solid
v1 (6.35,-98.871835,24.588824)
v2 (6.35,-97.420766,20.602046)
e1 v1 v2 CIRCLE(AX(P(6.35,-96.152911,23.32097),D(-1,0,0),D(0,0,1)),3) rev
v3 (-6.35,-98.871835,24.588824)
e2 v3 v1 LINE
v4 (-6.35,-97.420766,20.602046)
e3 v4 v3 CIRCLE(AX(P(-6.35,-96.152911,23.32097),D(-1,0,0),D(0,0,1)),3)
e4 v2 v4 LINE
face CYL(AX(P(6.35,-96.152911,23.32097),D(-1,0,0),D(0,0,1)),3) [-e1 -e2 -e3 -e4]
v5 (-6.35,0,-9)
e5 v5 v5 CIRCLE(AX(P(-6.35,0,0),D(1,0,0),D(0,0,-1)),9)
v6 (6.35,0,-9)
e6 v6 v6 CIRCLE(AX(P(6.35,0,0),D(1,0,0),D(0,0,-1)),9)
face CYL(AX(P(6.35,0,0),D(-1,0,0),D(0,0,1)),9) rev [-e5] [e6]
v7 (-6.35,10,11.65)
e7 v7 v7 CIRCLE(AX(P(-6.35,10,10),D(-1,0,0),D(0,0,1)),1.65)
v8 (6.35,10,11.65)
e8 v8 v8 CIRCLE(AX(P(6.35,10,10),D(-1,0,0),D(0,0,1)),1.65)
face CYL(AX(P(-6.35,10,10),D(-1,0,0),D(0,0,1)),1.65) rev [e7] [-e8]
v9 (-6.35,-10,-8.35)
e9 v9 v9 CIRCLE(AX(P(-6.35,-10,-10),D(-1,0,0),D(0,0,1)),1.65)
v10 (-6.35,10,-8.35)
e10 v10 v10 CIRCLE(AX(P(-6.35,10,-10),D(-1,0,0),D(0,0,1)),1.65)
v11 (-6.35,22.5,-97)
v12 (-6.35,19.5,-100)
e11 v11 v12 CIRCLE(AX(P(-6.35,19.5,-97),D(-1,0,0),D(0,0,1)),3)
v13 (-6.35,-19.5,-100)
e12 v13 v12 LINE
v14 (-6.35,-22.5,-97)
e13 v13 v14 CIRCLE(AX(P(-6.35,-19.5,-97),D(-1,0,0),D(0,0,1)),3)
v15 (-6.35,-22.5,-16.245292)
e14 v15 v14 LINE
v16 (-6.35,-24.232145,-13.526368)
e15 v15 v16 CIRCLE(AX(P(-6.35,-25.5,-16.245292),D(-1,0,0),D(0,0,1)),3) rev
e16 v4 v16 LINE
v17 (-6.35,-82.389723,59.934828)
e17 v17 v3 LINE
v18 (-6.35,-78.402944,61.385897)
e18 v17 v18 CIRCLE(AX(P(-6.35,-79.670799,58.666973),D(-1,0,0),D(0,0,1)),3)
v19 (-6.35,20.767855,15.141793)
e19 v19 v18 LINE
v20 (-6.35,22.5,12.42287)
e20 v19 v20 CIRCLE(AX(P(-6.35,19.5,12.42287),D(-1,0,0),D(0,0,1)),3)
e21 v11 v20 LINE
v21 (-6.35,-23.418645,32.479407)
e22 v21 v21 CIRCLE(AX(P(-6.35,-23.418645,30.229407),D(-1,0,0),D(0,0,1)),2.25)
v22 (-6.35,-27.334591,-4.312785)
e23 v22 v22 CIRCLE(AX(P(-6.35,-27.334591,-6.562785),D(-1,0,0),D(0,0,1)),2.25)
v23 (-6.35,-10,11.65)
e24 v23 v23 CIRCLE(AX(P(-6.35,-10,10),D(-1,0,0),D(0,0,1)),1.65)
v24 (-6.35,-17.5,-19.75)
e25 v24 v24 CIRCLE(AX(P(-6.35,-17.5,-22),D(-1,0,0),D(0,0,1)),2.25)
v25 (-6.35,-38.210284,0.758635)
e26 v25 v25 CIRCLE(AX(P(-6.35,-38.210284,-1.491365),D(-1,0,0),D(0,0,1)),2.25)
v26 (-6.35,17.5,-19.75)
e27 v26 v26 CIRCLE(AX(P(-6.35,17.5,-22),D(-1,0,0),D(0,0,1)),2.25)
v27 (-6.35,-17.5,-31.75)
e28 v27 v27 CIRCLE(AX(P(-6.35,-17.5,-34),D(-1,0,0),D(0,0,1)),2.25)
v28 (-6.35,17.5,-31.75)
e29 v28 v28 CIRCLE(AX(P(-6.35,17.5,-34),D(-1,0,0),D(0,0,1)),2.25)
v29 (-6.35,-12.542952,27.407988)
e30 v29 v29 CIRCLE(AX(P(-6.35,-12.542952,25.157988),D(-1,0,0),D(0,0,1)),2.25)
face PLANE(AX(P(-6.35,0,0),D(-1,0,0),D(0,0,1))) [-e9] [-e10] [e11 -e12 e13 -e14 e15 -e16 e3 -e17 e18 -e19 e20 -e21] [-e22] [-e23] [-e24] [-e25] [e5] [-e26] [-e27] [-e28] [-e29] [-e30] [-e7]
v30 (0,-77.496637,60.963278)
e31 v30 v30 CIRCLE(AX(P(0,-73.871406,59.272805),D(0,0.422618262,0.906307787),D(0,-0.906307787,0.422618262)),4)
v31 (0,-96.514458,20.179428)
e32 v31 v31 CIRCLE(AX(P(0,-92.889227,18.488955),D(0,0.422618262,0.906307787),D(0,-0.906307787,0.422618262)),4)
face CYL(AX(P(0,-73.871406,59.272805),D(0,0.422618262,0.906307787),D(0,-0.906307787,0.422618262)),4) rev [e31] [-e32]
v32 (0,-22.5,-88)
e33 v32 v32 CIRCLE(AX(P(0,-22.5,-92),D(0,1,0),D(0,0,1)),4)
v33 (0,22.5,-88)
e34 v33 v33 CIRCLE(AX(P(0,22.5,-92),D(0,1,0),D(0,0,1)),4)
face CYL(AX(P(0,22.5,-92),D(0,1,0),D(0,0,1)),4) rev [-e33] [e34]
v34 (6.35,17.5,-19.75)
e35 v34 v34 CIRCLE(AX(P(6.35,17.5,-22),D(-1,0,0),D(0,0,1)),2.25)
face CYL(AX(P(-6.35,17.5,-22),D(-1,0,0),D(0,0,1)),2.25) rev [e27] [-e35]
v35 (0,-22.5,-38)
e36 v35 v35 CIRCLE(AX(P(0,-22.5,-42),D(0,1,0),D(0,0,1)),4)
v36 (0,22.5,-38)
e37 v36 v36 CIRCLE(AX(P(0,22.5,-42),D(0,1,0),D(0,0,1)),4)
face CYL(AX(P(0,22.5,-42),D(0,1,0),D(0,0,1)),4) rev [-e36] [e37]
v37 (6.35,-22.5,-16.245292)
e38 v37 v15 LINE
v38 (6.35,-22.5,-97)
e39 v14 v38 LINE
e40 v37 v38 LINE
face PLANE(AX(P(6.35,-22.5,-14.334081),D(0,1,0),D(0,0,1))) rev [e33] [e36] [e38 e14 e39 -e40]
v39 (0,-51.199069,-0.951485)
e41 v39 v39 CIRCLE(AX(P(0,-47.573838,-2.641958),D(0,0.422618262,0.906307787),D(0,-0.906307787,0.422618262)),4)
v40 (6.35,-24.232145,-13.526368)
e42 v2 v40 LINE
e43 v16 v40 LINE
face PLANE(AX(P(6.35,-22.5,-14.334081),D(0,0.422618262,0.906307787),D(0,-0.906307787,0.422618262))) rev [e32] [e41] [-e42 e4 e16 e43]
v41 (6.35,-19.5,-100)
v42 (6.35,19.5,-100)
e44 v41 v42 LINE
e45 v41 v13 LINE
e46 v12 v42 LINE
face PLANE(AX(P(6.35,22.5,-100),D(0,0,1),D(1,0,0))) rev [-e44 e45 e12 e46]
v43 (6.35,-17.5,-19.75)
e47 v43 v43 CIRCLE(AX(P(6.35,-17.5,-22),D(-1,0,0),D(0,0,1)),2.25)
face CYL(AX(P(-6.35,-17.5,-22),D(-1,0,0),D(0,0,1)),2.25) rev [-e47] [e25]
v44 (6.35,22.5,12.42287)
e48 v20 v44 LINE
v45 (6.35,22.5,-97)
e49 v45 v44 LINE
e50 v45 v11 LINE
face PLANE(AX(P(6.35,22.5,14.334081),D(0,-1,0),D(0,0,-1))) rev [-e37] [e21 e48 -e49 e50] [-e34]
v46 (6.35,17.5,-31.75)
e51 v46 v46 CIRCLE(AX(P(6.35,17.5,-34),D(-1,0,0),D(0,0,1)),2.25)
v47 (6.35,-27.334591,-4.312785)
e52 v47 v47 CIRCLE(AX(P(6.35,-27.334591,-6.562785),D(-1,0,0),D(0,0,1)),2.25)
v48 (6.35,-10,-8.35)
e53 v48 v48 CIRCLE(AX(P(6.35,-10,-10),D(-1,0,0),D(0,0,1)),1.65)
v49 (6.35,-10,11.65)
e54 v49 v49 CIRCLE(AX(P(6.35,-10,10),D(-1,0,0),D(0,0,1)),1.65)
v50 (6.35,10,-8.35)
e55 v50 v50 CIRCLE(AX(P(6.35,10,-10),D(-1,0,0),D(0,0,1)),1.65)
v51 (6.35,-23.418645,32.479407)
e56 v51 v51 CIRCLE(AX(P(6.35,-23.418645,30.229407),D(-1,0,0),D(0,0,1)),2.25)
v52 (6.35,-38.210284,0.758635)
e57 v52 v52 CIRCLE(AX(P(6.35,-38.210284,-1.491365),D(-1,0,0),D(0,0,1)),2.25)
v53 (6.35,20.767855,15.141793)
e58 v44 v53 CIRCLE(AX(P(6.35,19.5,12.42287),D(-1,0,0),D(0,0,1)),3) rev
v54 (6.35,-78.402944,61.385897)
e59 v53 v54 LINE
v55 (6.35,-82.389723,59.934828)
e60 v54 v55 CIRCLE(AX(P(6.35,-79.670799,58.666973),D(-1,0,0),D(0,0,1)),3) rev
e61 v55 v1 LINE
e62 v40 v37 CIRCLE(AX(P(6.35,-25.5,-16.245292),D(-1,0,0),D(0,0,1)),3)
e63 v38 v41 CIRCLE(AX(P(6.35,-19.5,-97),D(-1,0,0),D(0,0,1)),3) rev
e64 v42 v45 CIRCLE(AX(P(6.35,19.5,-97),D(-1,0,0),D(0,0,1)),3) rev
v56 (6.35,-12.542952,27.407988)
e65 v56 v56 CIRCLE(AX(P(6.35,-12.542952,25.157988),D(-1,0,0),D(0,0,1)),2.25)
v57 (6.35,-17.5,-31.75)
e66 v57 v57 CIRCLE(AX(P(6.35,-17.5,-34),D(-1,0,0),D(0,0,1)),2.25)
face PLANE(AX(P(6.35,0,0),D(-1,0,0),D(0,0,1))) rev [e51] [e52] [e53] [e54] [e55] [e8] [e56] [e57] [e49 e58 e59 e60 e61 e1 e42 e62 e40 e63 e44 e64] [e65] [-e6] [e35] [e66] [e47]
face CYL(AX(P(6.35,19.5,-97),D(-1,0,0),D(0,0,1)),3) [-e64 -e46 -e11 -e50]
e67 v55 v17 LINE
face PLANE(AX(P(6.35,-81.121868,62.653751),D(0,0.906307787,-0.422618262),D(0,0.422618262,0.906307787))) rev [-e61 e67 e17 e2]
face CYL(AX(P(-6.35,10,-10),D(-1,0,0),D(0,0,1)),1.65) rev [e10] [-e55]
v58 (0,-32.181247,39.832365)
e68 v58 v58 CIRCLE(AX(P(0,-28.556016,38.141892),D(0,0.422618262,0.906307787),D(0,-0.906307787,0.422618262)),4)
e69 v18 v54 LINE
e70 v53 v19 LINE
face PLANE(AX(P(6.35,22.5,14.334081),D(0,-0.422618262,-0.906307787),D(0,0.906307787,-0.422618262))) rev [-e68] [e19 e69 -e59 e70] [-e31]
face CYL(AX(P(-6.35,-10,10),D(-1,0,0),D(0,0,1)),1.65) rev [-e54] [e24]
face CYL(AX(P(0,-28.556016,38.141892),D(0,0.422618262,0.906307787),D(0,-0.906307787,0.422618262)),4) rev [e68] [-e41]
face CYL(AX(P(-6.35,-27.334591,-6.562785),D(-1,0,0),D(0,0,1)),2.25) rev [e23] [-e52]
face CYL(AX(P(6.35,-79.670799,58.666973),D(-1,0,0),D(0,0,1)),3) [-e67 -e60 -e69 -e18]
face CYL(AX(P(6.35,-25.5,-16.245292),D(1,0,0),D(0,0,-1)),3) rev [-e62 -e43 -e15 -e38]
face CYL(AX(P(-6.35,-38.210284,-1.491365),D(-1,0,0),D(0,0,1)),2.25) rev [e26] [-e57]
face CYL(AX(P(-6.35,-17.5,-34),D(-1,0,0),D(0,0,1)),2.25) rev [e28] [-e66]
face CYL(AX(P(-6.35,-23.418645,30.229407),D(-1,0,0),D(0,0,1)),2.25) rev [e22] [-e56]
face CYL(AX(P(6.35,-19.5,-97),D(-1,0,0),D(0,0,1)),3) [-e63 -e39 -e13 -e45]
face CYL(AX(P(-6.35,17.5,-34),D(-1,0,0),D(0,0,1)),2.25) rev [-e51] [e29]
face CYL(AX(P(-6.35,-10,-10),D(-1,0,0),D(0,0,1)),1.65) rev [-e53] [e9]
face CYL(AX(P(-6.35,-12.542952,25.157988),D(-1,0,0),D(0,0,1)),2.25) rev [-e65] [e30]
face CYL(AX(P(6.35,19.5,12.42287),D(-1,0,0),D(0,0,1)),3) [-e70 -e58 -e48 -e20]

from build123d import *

# Parameters (mm, degrees)
CROQUIS1_R                    = 9
SALIENTE_EXTRUIR1_DEPTH       = 6.35
DI_METRO_DE_TALADRO_5_0_5_1_D = 8
DI_METRO_DE_TALADRO_5_0_5_2_D = 8
REDONDEO1_R                   = 3
TALADRO_ROSCADO_M4X0_71_D     = 3.3
TALADRO_DE_MARGEN_PARA_M41_D  = 4.5


with BuildPart() as part:
    # Croquis1 → Saliente-Extruir1 (new, symmetric)
    with BuildSketch(Plane(origin=(0, 0, 0), x_dir=(0, 0, -1), z_dir=(1, 0, 0))):
        Polygon((14.334080868, -22.5), (-21.869900966, -100.139689593), (-62.653751382, -81.121867814), (-14.334080868, 22.5), (100, 22.5), (100, -22.5), align=None)
        Circle(CROQUIS1_R, mode=Mode.SUBTRACT)
    extrude(amount=SALIENTE_EXTRUIR1_DEPTH, both=True)

    # Diámetro de taladro Ø5.0 (5)1 (through all)
    with Locations(Plane(origin=(0, 22.5, 0), x_dir=(1, 0, 0), z_dir=(0, 1, 0))):
        with Locations((0, 92), (0, 42)):
            Hole(DI_METRO_DE_TALADRO_5_0_5_1_D / 2)

    # Diámetro de taladro Ø5.0 (5)2 (through all)
    with Locations(Plane(origin=(0, 9.508910889, 20.391925208), x_dir=(1, 0, 0), z_dir=(0, 0.4226182617407033, 0.9063077870366483))):
        with Locations((0, -42), (0, -92)):
            Hole(DI_METRO_DE_TALADRO_5_0_5_2_D / 2)

    # Redondeo1
    redondeo1_edges = [part.edges().sort_by_distance(p)[0] for p in [
        (0, -22.5, -14.334080868),
        (0, -100.139689593, 21.869900966),
        (0, -81.121867814, 62.653751382),
        (0, 22.5, 14.334080868),
        (0, 22.5, -100),
        (0, -22.5, -100),
    ]]
    fillet(redondeo1_edges, radius=REDONDEO1_R)

    # Taladro roscado M4x0.71 (through all)
    with Locations(Plane.ZY.offset(6.35)):
        with Locations((10, 10), (-10, 10), (-10, -10), (10, -10)):
            Hole(TALADRO_ROSCADO_M4X0_71_D / 2)

    # Taladro de margen para M41 (through all)
    with Locations(Plane.ZY.offset(6.35)):
        with Locations((-6.562784515, -27.334590895), (-1.491365374, -38.21028434), (25.157988031, -12.542951734), (30.229407172, -23.418645179), (-22, 17.5), (-22, -17.5), (-34, 17.5), (-34, -17.5)):
            Hole(TALADRO_DE_MARGEN_PARA_M41_D / 2)


solid = part.part
